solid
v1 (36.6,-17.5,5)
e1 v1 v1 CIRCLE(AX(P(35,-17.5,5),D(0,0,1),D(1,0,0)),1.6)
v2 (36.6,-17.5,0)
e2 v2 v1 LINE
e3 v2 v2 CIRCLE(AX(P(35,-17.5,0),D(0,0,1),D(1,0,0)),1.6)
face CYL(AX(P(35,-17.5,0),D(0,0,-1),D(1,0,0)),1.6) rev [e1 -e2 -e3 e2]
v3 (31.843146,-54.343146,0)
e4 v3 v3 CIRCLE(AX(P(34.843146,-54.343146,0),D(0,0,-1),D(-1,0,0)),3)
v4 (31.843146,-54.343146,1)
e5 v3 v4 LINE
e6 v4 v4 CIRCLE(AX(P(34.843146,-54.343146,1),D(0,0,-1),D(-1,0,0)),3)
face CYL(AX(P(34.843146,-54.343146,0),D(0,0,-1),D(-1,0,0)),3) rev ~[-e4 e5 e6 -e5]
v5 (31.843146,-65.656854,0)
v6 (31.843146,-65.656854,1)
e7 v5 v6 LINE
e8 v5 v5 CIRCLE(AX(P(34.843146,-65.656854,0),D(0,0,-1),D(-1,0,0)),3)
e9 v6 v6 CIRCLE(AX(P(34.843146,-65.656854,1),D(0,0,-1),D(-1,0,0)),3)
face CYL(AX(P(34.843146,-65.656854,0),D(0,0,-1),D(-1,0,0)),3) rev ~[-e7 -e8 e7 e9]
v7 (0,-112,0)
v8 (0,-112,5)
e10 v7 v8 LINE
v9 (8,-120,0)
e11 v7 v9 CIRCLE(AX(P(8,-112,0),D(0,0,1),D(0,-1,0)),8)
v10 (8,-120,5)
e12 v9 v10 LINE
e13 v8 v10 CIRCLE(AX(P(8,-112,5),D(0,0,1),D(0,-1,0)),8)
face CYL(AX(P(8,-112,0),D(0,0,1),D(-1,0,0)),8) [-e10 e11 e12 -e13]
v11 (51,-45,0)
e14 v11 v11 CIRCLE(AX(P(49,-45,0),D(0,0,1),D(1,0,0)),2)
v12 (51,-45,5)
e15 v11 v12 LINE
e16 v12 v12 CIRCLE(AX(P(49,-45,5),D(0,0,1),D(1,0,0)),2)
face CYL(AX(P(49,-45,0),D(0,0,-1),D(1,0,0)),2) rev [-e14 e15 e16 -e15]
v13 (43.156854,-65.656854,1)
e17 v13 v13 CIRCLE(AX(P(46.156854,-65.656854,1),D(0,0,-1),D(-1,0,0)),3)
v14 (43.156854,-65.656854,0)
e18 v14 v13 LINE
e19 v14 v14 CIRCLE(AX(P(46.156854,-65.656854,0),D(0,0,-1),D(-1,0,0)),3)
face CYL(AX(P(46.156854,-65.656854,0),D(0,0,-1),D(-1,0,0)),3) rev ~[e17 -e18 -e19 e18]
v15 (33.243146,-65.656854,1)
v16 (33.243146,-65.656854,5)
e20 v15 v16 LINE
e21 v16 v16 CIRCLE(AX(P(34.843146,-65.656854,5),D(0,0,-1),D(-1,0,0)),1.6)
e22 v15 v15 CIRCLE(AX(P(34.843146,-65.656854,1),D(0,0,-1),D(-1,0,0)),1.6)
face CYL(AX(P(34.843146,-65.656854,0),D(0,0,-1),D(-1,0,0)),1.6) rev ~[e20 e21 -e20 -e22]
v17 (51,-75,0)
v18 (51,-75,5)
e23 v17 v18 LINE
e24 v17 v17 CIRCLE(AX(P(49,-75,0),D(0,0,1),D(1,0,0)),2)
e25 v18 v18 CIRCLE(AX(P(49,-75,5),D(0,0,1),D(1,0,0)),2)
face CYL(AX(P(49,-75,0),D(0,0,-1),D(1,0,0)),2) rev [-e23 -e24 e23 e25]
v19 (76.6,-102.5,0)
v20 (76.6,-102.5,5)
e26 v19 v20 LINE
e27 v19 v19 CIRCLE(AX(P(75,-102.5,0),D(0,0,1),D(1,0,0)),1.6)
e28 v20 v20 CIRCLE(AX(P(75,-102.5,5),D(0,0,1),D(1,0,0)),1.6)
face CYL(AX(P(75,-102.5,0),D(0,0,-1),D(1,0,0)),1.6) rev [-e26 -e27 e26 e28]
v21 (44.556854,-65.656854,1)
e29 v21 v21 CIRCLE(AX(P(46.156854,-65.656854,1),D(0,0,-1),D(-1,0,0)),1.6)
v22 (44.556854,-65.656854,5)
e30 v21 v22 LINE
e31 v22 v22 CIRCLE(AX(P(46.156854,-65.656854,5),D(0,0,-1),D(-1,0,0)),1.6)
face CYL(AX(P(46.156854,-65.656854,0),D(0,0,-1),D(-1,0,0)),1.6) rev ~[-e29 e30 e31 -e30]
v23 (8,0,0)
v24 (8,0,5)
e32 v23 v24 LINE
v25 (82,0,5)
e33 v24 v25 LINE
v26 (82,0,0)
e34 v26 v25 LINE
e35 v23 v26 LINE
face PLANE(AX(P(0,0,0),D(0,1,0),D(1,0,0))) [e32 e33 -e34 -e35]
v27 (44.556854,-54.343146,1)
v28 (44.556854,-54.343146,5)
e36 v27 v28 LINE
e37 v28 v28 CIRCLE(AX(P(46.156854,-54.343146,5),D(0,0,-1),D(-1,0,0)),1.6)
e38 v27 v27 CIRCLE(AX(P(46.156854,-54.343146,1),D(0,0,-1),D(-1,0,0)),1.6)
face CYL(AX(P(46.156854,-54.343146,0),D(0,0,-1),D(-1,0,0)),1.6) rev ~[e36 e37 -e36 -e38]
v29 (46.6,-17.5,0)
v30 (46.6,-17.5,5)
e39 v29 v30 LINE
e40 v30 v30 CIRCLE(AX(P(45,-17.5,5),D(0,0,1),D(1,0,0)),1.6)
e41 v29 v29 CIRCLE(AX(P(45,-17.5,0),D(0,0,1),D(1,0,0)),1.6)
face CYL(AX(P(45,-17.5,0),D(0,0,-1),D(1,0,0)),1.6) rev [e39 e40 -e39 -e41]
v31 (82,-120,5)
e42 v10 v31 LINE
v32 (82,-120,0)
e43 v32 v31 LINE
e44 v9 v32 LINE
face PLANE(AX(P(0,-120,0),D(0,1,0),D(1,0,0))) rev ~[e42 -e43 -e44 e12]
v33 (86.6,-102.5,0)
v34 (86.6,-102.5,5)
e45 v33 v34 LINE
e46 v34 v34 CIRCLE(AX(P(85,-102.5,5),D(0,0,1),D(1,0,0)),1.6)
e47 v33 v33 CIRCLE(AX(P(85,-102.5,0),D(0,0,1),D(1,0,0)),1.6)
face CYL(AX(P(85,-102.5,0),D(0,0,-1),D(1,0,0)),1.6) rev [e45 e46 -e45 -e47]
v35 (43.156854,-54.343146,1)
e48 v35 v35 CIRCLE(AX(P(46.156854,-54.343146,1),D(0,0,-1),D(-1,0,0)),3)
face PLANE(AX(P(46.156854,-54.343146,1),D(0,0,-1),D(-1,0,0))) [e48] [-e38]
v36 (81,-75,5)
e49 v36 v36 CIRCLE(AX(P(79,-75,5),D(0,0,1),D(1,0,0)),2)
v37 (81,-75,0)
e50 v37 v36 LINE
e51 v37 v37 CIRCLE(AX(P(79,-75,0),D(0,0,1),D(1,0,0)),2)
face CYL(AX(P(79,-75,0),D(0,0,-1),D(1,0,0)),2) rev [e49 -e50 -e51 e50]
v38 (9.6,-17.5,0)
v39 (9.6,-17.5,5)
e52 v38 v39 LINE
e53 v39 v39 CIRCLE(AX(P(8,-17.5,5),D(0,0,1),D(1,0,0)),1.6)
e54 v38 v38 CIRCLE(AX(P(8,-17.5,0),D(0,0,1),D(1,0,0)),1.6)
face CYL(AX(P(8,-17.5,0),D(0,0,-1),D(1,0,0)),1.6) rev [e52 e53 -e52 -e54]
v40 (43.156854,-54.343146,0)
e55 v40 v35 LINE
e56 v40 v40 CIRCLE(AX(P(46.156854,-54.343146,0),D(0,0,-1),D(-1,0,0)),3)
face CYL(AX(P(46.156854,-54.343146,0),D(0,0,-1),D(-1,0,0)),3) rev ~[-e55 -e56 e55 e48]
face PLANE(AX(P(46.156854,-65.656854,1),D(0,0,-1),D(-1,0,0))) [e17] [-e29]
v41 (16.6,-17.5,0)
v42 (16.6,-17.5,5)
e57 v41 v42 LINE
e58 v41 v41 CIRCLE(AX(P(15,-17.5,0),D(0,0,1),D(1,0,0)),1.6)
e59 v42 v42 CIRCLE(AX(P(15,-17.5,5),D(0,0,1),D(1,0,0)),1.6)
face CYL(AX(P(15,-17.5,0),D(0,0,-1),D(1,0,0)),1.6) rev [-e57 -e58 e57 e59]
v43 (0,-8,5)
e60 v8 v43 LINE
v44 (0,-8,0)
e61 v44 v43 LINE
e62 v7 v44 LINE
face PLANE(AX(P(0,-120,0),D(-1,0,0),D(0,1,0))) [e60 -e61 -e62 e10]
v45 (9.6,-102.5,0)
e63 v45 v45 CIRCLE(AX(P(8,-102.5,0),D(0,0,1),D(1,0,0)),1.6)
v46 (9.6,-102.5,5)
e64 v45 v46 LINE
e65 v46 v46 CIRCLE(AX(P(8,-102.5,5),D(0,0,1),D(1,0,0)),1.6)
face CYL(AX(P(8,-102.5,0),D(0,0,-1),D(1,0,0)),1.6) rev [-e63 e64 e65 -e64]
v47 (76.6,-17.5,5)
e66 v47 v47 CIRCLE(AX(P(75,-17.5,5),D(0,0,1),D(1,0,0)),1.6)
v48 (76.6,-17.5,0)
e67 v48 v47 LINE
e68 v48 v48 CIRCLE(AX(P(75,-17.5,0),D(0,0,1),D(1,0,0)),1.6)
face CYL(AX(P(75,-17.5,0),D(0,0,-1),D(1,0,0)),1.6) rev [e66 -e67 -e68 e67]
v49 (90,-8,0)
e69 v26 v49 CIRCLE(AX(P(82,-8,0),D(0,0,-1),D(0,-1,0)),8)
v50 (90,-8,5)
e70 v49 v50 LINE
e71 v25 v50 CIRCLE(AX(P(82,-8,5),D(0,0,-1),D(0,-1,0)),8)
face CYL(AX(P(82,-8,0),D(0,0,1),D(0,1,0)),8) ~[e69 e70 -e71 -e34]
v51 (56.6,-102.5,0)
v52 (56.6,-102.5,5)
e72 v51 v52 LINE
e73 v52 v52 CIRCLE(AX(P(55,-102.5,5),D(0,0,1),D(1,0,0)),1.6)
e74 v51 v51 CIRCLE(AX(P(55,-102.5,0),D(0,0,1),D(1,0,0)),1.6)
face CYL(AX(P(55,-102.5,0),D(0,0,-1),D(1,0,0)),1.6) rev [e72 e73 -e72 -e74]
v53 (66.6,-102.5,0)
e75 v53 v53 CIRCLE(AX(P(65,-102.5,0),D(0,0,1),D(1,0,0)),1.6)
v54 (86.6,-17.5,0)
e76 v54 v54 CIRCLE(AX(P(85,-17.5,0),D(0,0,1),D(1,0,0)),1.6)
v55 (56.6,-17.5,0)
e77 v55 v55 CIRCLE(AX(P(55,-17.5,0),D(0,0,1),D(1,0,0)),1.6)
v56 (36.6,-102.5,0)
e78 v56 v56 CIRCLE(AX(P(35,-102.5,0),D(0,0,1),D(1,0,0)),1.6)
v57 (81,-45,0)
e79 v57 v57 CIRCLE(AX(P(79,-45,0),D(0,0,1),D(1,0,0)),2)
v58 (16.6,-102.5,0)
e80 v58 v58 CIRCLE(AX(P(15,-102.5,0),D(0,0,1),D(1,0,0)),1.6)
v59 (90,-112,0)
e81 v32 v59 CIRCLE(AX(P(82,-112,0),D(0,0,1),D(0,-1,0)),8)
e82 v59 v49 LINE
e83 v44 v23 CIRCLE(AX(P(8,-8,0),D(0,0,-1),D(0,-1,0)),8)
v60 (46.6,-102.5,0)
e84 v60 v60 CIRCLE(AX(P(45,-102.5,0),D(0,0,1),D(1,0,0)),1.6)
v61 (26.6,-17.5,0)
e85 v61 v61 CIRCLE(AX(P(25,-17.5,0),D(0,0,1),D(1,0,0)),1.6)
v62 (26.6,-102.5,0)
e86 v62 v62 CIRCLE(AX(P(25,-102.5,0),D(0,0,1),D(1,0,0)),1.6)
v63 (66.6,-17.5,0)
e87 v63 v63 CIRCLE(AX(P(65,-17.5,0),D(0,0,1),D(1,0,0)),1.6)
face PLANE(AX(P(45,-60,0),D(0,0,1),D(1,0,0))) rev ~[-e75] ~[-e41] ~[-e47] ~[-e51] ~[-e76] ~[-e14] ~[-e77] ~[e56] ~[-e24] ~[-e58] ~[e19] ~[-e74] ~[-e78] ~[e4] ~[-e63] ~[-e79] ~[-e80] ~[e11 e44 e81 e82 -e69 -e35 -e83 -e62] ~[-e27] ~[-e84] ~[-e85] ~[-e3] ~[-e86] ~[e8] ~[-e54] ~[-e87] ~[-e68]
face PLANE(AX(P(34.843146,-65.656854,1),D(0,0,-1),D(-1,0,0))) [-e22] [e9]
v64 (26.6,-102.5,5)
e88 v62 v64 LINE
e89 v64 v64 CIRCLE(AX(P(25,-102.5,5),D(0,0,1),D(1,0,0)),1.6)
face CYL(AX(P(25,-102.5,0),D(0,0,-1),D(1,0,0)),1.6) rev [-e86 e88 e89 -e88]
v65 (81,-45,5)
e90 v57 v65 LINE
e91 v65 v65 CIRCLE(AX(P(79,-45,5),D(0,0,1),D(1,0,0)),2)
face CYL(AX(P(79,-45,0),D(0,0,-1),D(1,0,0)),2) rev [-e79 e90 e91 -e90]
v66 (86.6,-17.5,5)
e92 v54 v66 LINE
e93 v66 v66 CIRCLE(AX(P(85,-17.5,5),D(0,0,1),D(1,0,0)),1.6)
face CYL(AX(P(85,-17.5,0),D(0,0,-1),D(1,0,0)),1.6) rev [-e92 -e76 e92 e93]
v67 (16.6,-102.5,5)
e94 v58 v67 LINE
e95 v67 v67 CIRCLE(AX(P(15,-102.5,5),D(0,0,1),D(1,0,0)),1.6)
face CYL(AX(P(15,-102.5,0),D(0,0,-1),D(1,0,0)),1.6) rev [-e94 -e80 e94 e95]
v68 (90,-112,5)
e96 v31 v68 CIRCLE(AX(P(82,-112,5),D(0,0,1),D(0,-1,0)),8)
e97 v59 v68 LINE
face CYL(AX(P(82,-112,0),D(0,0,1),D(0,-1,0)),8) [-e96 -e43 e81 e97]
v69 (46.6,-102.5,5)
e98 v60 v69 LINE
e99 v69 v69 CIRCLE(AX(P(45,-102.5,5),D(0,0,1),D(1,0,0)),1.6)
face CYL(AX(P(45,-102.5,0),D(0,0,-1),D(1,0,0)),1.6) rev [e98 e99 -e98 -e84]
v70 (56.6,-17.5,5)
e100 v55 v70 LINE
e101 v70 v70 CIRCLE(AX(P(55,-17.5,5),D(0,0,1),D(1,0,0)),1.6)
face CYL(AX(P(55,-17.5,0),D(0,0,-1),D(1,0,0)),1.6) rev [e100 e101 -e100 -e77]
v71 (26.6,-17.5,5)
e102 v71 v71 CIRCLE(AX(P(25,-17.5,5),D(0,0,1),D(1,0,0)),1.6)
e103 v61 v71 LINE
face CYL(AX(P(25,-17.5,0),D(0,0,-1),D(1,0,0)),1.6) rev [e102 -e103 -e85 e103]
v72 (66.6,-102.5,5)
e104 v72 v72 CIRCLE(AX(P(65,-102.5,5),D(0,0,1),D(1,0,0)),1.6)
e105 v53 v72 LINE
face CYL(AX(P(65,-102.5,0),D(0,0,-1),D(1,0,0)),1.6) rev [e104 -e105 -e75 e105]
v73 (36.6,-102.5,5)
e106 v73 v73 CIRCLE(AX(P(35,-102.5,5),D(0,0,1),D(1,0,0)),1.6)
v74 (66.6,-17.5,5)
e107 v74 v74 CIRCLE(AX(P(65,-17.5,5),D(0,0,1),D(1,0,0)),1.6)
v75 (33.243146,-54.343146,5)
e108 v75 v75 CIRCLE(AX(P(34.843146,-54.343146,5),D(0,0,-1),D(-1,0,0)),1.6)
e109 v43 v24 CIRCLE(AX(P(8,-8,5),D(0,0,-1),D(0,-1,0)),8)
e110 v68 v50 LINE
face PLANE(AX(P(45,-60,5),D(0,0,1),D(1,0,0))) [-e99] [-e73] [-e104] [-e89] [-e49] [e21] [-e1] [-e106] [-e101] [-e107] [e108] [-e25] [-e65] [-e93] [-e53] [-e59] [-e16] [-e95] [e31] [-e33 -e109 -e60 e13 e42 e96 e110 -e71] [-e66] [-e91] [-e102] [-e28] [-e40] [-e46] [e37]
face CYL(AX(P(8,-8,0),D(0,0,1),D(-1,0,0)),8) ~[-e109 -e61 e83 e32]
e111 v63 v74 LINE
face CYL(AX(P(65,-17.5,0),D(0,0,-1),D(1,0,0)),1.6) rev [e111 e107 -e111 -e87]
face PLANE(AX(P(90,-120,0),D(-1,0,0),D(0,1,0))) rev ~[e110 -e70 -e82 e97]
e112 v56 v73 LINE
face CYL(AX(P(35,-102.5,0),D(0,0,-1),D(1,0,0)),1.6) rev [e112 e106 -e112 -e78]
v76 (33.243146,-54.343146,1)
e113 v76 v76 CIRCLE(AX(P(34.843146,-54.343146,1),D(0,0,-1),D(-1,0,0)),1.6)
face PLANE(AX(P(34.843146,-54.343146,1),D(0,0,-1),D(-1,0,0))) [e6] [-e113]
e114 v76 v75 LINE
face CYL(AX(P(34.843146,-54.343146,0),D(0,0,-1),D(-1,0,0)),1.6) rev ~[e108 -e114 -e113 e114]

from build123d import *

# Parameters (mm, degrees)
SKETCH_1_W            = 90
SKETCH_1_H            = 120
SKETCH_1_R            = 2
SKETCH_1_R_2          = 1.6
EXTRUDE_1_DEPTH       = 5
FILLET_1_R            = 8
F_3_2_PCD16_R         = 1.6
CUT_EXTRUDE_3_2_DEPTH = 10
F_6_PCD16_R           = 3
CUT_EXTRUDE_6_1_DEPTH = 1


with BuildPart() as part:
    # 草图1 → 凸台-拉伸1 (new body)
    with BuildSketch(Plane.XY):
        with Locations((45, -60)):
            Rectangle(SKETCH_1_W, SKETCH_1_H)
        with Locations((79, -45)):
            Circle(SKETCH_1_R, mode=Mode.SUBTRACT)
        with Locations((79, -75)):
            Circle(SKETCH_1_R, mode=Mode.SUBTRACT)
        with Locations((49, -45)):
            Circle(SKETCH_1_R, mode=Mode.SUBTRACT)
        with Locations((49, -75)):
            Circle(SKETCH_1_R, mode=Mode.SUBTRACT)
        with Locations((85, -102.5)):
            Circle(SKETCH_1_R_2, mode=Mode.SUBTRACT)
        with Locations((75, -102.5)):
            Circle(SKETCH_1_R_2, mode=Mode.SUBTRACT)
        with Locations((65, -102.5)):
            Circle(SKETCH_1_R_2, mode=Mode.SUBTRACT)
        with Locations((55, -102.5)):
            Circle(SKETCH_1_R_2, mode=Mode.SUBTRACT)
        with Locations((45, -102.5)):
            Circle(SKETCH_1_R_2, mode=Mode.SUBTRACT)
        with Locations((85, -17.5)):
            Circle(SKETCH_1_R_2, mode=Mode.SUBTRACT)
        with Locations((75, -17.5)):
            Circle(SKETCH_1_R_2, mode=Mode.SUBTRACT)
        with Locations((65, -17.5)):
            Circle(SKETCH_1_R_2, mode=Mode.SUBTRACT)
        with Locations((55, -17.5)):
            Circle(SKETCH_1_R_2, mode=Mode.SUBTRACT)
        with Locations((45, -17.5)):
            Circle(SKETCH_1_R_2, mode=Mode.SUBTRACT)
        with Locations((35, -102.5)):
            Circle(SKETCH_1_R_2, mode=Mode.SUBTRACT)
        with Locations((25, -102.5)):
            Circle(SKETCH_1_R_2, mode=Mode.SUBTRACT)
        with Locations((15, -102.5)):
            Circle(SKETCH_1_R_2, mode=Mode.SUBTRACT)
        with Locations((35, -17.5)):
            Circle(SKETCH_1_R_2, mode=Mode.SUBTRACT)
        with Locations((25, -17.5)):
            Circle(SKETCH_1_R_2, mode=Mode.SUBTRACT)
        with Locations((15, -17.5)):
            Circle(SKETCH_1_R_2, mode=Mode.SUBTRACT)
        with Locations((8, -102.5)):
            Circle(SKETCH_1_R_2, mode=Mode.SUBTRACT)
        with Locations((8, -17.5)):
            Circle(SKETCH_1_R_2, mode=Mode.SUBTRACT)
    extrude(amount=EXTRUDE_1_DEPTH)

    # 圆角1
    fillet_1_edges = [part.edges().sort_by_distance(p)[0] for p in [
        (0, 0, 2.5),
        (90, 0, 2.5),
        (90, -120, 2.5),
        (0, -120, 2.5),
    ]]
    fillet(fillet_1_edges, radius=FILLET_1_R)

    # 内圈四孔_Ø3.2_PCD16 → 内圈四孔_通孔_Ø3.2 (cut)
    with BuildSketch(Plane(origin=(0, 0, 0), x_dir=(-1, 0, 0), z_dir=(0, 0, -1))):
        with Locations((-46.156854249, -54.343145751)):
            Circle(F_3_2_PCD16_R)
        with Locations((-34.843145751, -54.343145751)):
            Circle(F_3_2_PCD16_R)
        with Locations((-34.843145751, -65.656854249)):
            Circle(F_3_2_PCD16_R)
        with Locations((-46.156854249, -65.656854249)):
            Circle(F_3_2_PCD16_R)
    extrude(amount=-CUT_EXTRUDE_3_2_DEPTH, mode=Mode.SUBTRACT)

    # 内圈沉孔_Ø6_PCD16 → 内圈四孔_沉孔_Ø6深1 (cut)
    with BuildSketch(Plane(origin=(0, 0, 0), x_dir=(-1, 0, 0), z_dir=(0, 0, -1))):
        with Locations((-46.156854249, -54.343145751)):
            Circle(F_6_PCD16_R)
        with Locations((-34.843145751, -54.343145751)):
            Circle(F_6_PCD16_R)
        with Locations((-34.843145751, -65.656854249)):
            Circle(F_6_PCD16_R)
        with Locations((-46.156854249, -65.656854249)):
            Circle(F_6_PCD16_R)
    extrude(amount=-CUT_EXTRUDE_6_1_DEPTH, mode=Mode.SUBTRACT)


solid = part.part
